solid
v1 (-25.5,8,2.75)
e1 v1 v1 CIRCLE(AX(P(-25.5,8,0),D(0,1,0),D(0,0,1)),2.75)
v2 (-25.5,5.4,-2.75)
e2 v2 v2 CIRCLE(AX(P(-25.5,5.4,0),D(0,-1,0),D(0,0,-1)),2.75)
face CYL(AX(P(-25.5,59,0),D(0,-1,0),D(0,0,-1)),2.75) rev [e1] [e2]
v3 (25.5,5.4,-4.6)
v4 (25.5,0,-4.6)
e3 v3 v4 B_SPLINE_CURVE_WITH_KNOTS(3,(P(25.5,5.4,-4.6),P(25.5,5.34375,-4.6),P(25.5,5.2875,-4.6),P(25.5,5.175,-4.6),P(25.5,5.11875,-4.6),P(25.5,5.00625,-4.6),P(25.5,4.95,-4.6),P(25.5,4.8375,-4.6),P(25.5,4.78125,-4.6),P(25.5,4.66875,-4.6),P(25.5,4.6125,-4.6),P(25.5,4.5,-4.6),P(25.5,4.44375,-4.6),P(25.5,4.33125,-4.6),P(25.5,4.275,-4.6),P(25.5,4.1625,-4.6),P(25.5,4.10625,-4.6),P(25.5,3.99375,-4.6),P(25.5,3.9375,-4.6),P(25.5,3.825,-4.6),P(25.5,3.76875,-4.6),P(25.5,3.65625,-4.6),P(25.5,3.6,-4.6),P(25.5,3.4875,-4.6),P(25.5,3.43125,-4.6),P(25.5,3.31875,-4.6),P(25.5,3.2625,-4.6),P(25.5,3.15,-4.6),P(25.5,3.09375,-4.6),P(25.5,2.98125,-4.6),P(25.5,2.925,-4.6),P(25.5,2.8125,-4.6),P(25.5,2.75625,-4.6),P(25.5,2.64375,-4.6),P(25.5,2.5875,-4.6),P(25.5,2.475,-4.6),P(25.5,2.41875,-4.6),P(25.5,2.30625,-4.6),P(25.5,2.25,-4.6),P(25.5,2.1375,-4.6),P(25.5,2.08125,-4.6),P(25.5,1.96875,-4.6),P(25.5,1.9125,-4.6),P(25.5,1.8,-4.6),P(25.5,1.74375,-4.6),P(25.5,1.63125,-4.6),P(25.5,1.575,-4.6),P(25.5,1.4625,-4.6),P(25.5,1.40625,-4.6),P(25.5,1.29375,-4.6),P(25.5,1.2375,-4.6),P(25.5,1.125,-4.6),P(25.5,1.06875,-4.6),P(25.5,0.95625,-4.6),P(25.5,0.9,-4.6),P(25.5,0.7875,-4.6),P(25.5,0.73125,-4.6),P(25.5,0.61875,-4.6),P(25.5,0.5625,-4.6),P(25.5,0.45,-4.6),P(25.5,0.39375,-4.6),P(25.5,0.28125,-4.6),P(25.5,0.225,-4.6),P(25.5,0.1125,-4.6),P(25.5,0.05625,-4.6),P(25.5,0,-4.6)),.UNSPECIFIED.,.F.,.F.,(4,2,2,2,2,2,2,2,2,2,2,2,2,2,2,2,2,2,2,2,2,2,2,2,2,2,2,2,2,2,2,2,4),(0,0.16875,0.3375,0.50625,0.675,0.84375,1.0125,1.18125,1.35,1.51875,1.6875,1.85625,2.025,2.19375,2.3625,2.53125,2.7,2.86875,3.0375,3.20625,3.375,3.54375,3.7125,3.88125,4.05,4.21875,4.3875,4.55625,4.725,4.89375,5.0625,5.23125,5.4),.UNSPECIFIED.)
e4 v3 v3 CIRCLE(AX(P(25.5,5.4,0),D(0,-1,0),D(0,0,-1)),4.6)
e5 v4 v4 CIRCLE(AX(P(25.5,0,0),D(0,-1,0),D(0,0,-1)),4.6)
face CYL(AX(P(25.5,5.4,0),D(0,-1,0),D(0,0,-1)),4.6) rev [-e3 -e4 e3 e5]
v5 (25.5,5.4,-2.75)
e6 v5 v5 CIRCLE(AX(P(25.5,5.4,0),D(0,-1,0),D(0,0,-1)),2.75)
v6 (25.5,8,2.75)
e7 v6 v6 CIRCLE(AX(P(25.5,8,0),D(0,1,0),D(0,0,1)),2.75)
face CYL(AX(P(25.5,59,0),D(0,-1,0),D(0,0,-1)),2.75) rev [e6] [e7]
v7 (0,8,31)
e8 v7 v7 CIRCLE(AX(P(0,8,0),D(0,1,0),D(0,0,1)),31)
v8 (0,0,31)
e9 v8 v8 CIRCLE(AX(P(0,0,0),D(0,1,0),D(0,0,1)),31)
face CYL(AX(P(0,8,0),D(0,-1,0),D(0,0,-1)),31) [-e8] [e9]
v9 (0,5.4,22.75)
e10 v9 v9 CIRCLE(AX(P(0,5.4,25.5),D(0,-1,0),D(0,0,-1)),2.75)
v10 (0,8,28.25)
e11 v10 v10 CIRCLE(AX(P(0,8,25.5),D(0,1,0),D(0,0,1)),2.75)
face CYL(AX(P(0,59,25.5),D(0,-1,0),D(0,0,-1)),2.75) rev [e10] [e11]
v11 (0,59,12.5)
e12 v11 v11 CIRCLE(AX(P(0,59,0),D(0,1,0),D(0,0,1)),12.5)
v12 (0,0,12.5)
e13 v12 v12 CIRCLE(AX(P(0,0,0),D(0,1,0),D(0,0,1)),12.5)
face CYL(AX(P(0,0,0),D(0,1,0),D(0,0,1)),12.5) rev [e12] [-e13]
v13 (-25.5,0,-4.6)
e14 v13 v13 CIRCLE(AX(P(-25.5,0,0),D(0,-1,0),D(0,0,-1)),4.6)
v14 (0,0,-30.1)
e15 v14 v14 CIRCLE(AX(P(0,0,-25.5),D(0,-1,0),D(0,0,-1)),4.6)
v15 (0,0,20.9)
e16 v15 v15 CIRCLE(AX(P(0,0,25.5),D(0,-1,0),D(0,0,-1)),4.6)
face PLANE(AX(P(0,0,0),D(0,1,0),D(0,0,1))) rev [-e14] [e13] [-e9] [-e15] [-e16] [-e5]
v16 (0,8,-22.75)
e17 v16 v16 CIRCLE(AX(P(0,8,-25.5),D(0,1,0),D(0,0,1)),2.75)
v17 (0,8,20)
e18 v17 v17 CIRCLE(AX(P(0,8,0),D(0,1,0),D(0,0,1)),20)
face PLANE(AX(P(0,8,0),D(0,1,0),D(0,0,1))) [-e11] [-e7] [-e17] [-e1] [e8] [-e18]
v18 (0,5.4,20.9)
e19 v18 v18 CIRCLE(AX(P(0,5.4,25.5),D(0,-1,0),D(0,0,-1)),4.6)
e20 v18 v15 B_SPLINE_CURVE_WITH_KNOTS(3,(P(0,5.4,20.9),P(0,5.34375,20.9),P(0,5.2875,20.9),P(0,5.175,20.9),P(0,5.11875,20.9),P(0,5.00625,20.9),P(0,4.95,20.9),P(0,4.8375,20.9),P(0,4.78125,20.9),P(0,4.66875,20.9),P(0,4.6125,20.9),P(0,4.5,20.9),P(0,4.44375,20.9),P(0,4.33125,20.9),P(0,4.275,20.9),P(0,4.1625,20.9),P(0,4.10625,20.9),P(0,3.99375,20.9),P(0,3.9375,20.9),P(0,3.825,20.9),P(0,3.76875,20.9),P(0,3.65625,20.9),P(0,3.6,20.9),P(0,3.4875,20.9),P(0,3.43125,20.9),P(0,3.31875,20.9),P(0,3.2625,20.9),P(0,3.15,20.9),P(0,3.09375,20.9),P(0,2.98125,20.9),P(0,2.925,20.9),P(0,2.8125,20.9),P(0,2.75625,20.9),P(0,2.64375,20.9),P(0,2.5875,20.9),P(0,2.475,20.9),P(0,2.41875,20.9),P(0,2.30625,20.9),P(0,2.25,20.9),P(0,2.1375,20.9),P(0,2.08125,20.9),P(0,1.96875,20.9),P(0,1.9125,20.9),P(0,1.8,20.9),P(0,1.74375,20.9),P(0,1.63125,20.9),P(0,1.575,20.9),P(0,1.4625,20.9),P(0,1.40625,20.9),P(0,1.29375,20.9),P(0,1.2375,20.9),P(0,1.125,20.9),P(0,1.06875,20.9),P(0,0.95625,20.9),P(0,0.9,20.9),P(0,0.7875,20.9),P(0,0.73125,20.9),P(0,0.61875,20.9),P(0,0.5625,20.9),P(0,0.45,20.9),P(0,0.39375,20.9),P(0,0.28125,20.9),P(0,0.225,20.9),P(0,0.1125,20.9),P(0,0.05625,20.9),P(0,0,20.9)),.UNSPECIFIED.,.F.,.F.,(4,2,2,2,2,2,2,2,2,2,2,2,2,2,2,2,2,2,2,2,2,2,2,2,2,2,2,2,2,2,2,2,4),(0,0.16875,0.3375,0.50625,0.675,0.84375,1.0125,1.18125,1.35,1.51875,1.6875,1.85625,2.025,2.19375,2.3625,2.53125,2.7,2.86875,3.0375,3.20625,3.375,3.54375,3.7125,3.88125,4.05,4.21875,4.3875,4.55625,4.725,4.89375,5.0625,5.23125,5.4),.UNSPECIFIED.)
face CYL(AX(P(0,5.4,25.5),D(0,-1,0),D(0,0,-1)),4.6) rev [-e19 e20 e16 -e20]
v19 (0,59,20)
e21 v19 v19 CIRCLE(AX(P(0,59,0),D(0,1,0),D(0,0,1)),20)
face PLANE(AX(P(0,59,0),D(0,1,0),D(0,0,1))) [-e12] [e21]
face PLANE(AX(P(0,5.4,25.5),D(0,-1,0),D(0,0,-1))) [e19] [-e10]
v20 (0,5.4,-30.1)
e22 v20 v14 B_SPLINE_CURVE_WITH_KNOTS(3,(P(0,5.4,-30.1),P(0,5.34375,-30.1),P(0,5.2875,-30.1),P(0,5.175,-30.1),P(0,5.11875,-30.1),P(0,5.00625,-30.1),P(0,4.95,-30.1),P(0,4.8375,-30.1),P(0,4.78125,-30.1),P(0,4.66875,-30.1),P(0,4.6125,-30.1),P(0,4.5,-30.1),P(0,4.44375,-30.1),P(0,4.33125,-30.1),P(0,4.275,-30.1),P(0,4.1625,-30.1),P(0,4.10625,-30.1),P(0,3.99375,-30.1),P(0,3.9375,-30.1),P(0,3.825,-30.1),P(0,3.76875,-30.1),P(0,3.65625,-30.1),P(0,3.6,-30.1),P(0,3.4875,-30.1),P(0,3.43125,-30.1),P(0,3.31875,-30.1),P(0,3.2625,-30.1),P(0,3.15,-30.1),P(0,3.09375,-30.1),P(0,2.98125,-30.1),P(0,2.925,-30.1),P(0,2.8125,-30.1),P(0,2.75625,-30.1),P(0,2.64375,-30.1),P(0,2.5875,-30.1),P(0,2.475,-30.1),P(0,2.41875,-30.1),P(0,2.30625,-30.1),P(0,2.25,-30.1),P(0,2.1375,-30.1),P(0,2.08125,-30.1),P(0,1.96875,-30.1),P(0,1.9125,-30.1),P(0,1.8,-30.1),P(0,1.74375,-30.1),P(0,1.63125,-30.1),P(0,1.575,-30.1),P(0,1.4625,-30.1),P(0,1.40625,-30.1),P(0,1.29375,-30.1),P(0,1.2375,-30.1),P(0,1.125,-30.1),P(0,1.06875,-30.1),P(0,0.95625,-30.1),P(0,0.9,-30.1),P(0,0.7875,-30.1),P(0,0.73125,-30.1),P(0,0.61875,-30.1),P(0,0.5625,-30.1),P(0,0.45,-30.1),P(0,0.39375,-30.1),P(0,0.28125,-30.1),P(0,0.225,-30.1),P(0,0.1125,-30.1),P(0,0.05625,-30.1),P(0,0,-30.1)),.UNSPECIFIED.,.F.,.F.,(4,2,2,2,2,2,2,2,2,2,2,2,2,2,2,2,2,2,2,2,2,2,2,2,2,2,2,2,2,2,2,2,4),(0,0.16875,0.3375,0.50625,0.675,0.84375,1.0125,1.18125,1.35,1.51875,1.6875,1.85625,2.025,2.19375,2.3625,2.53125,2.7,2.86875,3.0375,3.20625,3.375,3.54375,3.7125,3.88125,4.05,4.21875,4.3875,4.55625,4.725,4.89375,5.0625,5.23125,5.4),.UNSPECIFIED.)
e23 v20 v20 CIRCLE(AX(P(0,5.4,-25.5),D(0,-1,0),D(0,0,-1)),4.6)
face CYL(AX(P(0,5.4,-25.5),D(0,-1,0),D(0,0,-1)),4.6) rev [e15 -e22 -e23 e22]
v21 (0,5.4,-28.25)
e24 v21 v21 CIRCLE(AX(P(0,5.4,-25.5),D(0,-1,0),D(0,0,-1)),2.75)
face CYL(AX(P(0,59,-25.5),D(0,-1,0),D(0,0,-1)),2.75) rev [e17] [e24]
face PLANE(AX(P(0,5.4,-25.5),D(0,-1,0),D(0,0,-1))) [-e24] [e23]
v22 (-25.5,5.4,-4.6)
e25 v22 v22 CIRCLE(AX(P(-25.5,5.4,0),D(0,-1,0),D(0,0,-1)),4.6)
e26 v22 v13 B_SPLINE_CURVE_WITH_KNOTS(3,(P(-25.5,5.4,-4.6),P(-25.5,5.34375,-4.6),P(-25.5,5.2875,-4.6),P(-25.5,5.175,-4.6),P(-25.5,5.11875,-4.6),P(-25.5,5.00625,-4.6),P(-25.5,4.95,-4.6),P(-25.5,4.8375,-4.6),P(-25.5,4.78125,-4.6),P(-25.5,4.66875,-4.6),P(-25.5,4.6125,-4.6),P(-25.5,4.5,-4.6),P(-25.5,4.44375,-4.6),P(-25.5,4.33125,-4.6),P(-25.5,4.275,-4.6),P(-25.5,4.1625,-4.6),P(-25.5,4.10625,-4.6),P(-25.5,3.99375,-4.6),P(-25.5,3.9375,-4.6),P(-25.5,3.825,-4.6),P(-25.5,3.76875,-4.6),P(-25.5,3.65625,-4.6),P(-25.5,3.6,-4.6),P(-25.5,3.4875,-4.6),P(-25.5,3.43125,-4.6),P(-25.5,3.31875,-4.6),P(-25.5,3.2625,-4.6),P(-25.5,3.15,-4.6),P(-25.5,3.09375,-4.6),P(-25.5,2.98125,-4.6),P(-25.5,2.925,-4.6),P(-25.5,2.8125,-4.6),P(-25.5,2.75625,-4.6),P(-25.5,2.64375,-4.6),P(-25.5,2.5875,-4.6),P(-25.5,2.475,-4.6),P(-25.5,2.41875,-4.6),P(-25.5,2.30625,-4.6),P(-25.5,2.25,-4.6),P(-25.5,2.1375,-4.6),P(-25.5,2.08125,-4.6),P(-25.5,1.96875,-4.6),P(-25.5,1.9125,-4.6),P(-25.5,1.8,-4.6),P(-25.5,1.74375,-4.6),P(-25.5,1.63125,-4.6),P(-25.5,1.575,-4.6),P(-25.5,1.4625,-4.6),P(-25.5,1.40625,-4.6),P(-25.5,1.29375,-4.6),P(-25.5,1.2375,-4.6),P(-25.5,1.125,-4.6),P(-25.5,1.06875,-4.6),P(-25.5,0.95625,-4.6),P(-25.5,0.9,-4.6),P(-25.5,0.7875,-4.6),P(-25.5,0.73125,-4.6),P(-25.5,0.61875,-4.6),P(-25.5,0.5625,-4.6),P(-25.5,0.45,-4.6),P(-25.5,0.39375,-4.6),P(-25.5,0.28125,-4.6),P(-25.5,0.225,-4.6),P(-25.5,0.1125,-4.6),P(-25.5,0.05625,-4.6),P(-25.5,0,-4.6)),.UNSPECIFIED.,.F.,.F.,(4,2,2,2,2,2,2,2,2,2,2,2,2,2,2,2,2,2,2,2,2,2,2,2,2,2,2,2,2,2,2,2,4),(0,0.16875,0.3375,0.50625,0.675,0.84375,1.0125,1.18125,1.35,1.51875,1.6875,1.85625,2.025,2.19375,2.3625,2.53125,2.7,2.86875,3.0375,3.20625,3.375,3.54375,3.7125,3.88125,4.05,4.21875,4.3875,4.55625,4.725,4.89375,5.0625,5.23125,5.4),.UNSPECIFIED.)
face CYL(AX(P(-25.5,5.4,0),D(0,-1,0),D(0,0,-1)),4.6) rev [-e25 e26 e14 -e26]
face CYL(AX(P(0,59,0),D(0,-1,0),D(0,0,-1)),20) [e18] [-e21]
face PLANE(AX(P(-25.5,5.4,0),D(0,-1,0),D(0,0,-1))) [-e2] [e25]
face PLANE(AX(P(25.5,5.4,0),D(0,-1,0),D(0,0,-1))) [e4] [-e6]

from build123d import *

# Parameters (mm, degrees)
SKETCH1_R           = 31
BOSS_EXTRUDE1_DEPTH = 8
SKETCH2_R           = 20
BOSS_EXTRUDE2_DEPTH = 51
SKETCH3_R           = 12.5
CUT_EXTRUDE1_DEPTH  = 74.505101864
SKETCH4_R           = 4.6
CUT_EXTRUDE2_DEPTH  = 5.4
SKETCH5_R           = 2.75
CUT_EXTRUDE3_DEPTH  = 70.245649683


with BuildPart() as part:
    # Sketch1 → Boss-Extrude1 (new body)
    with BuildSketch(Plane(origin=(0, 0, 0), x_dir=(1, 0, 0), z_dir=(0, 1, 0))):
        with Locations(Location((0, 0, 0), (0, 0, 270))):
            Circle(SKETCH1_R)
    extrude(amount=BOSS_EXTRUDE1_DEPTH)

    # Sketch2 → Boss-Extrude2 (add)
    with BuildSketch(Plane(origin=(0, 8, 0), x_dir=(1, 0, 0), z_dir=(0, 1, 0))):
        with Locations(Location((0, 0, 0), (0, 0, 270))):
            Circle(SKETCH2_R)
    extrude(amount=BOSS_EXTRUDE2_DEPTH)

    # Sketch3 → Cut-Extrude1 (cut, through all)
    with BuildSketch(Plane(origin=(0, 59, 0), x_dir=(1, 0, 0), z_dir=(0, 1, 0))):
        with Locations(Location((0, 0, 0), (0, 0, 270))):
            Circle(SKETCH3_R)
    extrude(amount=-CUT_EXTRUDE1_DEPTH, mode=Mode.SUBTRACT)

    # Sketch4 → Cut-Extrude2 (cut)
    with BuildSketch(Plane.XZ):
        with Locations(Location((0, -25.5, 0), (0, 0, 270))):
            Circle(SKETCH4_R)
        with Locations(Location((-25.5, 0, 0), (0, 0, 270))):
            Circle(SKETCH4_R)
        with Locations(Location((0, 25.5, 0), (0, 0, 270))):
            Circle(SKETCH4_R)
        with Locations(Location((25.5, 0, 0), (0, 0, 270))):
            Circle(SKETCH4_R)
    extrude(amount=-CUT_EXTRUDE2_DEPTH, mode=Mode.SUBTRACT)

    # Sketch5 → Cut-Extrude3 (cut, through all)
    with BuildSketch(Plane.XZ.offset(-5.4)):
        with Locations(Location((25.5, 0, 0), (0, 0, 270))):
            Circle(SKETCH5_R)
        with Locations(Location((0, -25.5, 0), (0, 0, 270))):
            Circle(SKETCH5_R)
        with Locations(Location((-25.5, 0, 0), (0, 0, 270))):
            Circle(SKETCH5_R)
        with Locations(Location((0, 25.5, 0), (0, 0, 270))):
            Circle(SKETCH5_R)
    extrude(amount=-CUT_EXTRUDE3_DEPTH, mode=Mode.SUBTRACT)


solid = part.part
